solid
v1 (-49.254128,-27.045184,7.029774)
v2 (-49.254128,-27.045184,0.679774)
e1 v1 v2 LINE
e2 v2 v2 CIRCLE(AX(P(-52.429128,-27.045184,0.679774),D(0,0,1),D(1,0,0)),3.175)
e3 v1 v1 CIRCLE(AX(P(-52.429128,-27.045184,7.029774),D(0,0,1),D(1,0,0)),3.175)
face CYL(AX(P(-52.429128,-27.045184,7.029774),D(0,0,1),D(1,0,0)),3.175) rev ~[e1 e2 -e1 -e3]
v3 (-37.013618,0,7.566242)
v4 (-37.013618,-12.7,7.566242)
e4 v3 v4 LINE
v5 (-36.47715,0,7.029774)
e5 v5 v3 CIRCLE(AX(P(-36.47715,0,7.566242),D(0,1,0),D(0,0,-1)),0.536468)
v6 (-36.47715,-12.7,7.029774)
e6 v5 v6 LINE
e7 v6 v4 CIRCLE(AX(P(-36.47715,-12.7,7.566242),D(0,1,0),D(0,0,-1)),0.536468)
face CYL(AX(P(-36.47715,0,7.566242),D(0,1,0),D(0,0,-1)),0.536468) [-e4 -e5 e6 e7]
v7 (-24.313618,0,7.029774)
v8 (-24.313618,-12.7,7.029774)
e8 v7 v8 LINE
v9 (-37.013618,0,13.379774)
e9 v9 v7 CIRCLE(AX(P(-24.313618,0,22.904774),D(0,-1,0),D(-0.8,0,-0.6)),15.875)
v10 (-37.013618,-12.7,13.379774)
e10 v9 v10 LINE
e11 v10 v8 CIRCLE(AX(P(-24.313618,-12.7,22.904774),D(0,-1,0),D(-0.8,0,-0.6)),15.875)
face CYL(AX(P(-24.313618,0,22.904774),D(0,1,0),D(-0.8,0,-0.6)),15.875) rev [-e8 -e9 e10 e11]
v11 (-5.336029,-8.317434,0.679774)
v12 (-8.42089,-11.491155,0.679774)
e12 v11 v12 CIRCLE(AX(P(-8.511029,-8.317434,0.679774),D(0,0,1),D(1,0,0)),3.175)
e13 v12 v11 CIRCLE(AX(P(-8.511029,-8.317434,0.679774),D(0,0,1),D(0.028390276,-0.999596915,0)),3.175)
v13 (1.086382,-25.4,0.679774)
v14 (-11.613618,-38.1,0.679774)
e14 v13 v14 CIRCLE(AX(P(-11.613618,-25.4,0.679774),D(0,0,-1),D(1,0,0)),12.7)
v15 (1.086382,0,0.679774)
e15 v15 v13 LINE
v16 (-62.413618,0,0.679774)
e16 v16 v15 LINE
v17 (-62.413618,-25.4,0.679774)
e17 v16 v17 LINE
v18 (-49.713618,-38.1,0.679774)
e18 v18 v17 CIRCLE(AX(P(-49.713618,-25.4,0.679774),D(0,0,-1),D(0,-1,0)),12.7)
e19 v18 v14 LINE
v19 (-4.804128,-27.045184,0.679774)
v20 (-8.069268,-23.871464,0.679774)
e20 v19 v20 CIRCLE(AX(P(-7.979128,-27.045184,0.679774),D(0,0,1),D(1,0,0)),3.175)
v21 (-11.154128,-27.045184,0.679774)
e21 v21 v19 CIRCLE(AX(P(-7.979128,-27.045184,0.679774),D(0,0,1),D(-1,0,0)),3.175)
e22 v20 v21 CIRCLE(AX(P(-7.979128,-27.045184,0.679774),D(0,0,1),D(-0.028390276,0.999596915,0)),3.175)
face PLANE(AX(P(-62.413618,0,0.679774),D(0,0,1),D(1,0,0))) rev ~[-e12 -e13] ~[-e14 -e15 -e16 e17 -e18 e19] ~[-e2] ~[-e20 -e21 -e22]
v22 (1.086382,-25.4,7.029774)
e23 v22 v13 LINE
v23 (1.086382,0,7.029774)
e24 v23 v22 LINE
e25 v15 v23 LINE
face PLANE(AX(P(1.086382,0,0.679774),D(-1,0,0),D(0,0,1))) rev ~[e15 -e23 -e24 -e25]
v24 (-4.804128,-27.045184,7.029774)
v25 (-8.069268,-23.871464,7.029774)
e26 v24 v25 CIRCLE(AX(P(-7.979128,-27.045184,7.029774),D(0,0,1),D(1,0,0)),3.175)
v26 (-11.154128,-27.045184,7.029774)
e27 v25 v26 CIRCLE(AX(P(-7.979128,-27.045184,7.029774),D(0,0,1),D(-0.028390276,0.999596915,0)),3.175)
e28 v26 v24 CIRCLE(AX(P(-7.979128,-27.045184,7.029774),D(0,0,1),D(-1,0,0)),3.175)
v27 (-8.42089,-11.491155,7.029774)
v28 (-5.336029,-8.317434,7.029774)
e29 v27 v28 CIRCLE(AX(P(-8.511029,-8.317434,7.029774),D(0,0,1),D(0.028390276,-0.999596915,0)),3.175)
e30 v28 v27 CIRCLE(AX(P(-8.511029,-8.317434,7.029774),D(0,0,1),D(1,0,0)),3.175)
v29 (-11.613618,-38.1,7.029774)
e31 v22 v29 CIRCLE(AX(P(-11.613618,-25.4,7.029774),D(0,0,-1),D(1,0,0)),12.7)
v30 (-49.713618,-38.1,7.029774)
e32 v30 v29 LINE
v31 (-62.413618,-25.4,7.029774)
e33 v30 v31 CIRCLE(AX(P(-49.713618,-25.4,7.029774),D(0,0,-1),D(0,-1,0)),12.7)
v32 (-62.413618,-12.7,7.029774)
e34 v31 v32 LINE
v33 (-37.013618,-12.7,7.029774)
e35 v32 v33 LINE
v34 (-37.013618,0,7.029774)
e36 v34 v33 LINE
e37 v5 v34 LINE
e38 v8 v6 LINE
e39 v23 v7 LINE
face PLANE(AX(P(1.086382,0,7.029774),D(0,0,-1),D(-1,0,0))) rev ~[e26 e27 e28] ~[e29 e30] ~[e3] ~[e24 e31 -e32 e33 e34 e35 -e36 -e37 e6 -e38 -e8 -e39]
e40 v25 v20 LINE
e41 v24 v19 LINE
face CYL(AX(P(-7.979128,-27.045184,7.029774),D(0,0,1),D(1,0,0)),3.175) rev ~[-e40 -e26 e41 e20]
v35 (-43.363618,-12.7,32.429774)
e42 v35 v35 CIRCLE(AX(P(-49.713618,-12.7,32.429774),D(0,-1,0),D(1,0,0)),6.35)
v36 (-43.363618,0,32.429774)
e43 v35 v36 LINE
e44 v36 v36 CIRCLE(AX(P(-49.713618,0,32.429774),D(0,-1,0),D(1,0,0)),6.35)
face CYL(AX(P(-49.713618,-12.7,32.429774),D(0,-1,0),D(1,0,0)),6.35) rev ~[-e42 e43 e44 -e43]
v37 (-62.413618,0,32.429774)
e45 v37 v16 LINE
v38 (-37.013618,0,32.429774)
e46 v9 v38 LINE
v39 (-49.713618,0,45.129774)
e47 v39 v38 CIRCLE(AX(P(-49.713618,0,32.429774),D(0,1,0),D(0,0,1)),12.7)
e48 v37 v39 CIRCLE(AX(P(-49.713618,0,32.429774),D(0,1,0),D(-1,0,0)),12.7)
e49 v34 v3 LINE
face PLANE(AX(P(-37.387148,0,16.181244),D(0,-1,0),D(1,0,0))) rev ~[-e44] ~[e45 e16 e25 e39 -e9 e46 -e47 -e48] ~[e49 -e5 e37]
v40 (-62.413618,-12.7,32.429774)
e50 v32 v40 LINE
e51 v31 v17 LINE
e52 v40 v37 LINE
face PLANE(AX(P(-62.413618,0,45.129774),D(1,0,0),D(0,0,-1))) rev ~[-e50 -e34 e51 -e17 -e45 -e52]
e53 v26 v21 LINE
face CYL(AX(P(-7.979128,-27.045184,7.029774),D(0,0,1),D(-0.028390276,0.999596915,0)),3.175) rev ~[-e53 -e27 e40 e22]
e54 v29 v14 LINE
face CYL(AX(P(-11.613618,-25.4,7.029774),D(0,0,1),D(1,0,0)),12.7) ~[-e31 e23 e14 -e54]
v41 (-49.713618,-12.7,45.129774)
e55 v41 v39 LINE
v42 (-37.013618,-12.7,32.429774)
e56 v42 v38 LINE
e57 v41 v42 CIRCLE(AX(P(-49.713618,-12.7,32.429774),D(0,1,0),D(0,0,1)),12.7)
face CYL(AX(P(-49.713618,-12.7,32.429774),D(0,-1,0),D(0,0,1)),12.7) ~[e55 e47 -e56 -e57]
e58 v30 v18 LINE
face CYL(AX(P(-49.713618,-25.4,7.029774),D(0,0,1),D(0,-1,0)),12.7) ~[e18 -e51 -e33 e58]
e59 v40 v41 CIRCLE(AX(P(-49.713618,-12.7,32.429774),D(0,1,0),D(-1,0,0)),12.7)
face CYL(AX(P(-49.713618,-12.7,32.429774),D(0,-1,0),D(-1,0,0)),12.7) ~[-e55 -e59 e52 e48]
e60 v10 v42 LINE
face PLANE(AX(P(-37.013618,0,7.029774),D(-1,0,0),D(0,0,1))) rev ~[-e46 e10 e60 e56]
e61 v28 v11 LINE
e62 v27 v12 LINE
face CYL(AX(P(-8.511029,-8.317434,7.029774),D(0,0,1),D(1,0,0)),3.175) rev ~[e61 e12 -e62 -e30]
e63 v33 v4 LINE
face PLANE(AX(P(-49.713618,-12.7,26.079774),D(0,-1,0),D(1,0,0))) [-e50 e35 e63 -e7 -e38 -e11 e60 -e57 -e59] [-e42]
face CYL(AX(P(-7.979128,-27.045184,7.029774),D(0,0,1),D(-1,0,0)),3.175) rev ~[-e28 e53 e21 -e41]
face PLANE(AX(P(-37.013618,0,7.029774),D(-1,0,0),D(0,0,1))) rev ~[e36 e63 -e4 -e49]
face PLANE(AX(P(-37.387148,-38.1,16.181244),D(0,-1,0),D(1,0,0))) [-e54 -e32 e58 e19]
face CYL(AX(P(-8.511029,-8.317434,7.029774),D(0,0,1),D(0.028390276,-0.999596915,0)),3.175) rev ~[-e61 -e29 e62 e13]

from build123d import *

# Parameters (mm, degrees)
F1_DEPTH  = 38.1
F2_W      = 25.4
F2_H      = 38.1
F3_DEPTH  = 25.4
F4_R      = 6.35
F5_DEPTH  = 12.7
F7_DEPTH  = 6.35
F6_R      = 3.175
F8_DEPTH  = 6.35
F10_DEPTH = 12.7


with BuildPart() as f1:
    # F0 (on Front) → F1 (new body)
    with BuildSketch(Plane.XZ):
        Polygon((-37.0136184096, 45.1297735606), (-62.4136184096, 45.1297735606), (-62.4136184096, 0.6797735606), (1.0863815904, 0.6797735606), (1.0863815904, 7.0297735606), (-37.0136184096, 7.0297735606), align=None)
    extrude(amount=F1_DEPTH)

    # F2 (on face) → F3 (cut)
    with BuildSketch(Plane.XZ.offset(38.1)):
        with Locations((-49.7136184096, 26.0797735606)):
            Rectangle(F2_W, F2_H)
    extrude(amount=-F3_DEPTH, mode=Mode.SUBTRACT)

    # F4 (on face) → F5 (cut)
    with BuildSketch(Plane.XZ.offset(12.7)):
        with BuildLine():
            Line((-62.4136184096, 45.1297735606), (-62.4136184096, 32.4297735606))
            ThreePointArc((-62.4136184096, 32.4297735606), (-58.6938745306, 41.4100296816), (-49.7136184096, 45.1297735606))
            Line((-49.7136184096, 45.1297735606), (-62.4136184096, 45.1297735606))
        make_face()
        with BuildLine():
            Line((-37.0136184096, 45.1297735606), (-49.7136184096, 45.1297735606))
            ThreePointArc((-49.7136184096, 45.1297735606), (-40.7333622885, 41.4100296816), (-37.0136184096, 32.4297735606))
            Line((-37.0136184096, 32.4297735606), (-37.0136184096, 45.1297735606))
        make_face()
        with Locations((-49.7136184096, 32.4297735606)):
            Circle(F4_R)
    extrude(amount=-F5_DEPTH, mode=Mode.SUBTRACT)

    # F6 (on face) → F7 (cut)
    with BuildSketch(Plane.XY.offset(7.0297735606)):
        with BuildLine():
            Line((1.0863815904, -38.1), (1.0863815904, -25.4))
            ThreePointArc((1.0863815904, -25.4), (-2.6333622885, -34.3802561211), (-11.6136184096, -38.1))
            Line((-11.6136184096, -38.1), (1.0863815904, -38.1))
        make_face()
        with BuildLine():
            Line((-62.4136184096, -38.1), (-49.7136184096, -38.1))
            ThreePointArc((-49.7136184096, -38.1), (-58.6938745306, -34.3802561211), (-62.4136184096, -25.4))
            Line((-62.4136184096, -25.4), (-62.4136184096, -38.1))
        make_face()
    extrude(amount=-F7_DEPTH, mode=Mode.SUBTRACT)

    # F6 (on face) → F8 (cut)
    with BuildSketch(Plane.XY.offset(7.0297735606)):
        with BuildLine():
            ThreePointArc((-8.4208896913, -11.4911545114), (-6.2343188315, -10.5303998816), (-5.3360288183, -8.3174343067))
            ThreePointArc((-5.3360288183, -8.3174343067), (-10.7877388051, -6.1044687317), (-8.4208896913, -11.4911545114))
        make_face()
        with Locations((-52.429128431, -27.0451839786)):
            Circle(F6_R)
        with BuildLine():
            ThreePointArc((-4.804128431, -27.0451839786), (-5.7661628561, -24.7684739918), (-8.069267558, -23.8714637739))
            Line((-8.069267558, -23.8714637739), (-7.979128431, -27.0451839786))
            Line((-7.979128431, -27.0451839786), (-11.154128431, -27.0451839786))
            ThreePointArc((-11.154128431, -27.0451839786), (-7.979128431, -30.2201839786), (-4.804128431, -27.0451839786))
        make_face()
        with BuildLine():
            Line((-7.979128431, -27.0451839786), (-8.069267558, -23.8714637739))
            ThreePointArc((-8.069267558, -23.8714637739), (-10.2558384179, -24.8322184036), (-11.154128431, -27.0451839786))
            Line((-11.154128431, -27.0451839786), (-7.979128431, -27.0451839786))
        make_face()
    extrude(amount=-F8_DEPTH, mode=Mode.SUBTRACT)

    # F9 (on face) → F10 (join)
    with BuildSketch(Plane(origin=(0, 0, 0), x_dir=(-1, 0, 0), z_dir=(0, 1, 0))):
        with BuildLine():
            Line((37.0136184096, 7.5662416692), (37.0136184096, 13.3797735606))
            ThreePointArc((37.0136184096, 13.3797735606), (31.4131342381, 8.7057419035), (24.3136184096, 7.0297735606))
            Line((24.3136184096, 7.0297735606), (36.477150301, 7.0297735606))
            ThreePointArc((36.477150301, 7.0297735606), (36.8564905385, 7.1869014317), (37.0136184096, 7.5662416692))
        make_face()
    extrude(amount=-F10_DEPTH)


solid = f1.part
